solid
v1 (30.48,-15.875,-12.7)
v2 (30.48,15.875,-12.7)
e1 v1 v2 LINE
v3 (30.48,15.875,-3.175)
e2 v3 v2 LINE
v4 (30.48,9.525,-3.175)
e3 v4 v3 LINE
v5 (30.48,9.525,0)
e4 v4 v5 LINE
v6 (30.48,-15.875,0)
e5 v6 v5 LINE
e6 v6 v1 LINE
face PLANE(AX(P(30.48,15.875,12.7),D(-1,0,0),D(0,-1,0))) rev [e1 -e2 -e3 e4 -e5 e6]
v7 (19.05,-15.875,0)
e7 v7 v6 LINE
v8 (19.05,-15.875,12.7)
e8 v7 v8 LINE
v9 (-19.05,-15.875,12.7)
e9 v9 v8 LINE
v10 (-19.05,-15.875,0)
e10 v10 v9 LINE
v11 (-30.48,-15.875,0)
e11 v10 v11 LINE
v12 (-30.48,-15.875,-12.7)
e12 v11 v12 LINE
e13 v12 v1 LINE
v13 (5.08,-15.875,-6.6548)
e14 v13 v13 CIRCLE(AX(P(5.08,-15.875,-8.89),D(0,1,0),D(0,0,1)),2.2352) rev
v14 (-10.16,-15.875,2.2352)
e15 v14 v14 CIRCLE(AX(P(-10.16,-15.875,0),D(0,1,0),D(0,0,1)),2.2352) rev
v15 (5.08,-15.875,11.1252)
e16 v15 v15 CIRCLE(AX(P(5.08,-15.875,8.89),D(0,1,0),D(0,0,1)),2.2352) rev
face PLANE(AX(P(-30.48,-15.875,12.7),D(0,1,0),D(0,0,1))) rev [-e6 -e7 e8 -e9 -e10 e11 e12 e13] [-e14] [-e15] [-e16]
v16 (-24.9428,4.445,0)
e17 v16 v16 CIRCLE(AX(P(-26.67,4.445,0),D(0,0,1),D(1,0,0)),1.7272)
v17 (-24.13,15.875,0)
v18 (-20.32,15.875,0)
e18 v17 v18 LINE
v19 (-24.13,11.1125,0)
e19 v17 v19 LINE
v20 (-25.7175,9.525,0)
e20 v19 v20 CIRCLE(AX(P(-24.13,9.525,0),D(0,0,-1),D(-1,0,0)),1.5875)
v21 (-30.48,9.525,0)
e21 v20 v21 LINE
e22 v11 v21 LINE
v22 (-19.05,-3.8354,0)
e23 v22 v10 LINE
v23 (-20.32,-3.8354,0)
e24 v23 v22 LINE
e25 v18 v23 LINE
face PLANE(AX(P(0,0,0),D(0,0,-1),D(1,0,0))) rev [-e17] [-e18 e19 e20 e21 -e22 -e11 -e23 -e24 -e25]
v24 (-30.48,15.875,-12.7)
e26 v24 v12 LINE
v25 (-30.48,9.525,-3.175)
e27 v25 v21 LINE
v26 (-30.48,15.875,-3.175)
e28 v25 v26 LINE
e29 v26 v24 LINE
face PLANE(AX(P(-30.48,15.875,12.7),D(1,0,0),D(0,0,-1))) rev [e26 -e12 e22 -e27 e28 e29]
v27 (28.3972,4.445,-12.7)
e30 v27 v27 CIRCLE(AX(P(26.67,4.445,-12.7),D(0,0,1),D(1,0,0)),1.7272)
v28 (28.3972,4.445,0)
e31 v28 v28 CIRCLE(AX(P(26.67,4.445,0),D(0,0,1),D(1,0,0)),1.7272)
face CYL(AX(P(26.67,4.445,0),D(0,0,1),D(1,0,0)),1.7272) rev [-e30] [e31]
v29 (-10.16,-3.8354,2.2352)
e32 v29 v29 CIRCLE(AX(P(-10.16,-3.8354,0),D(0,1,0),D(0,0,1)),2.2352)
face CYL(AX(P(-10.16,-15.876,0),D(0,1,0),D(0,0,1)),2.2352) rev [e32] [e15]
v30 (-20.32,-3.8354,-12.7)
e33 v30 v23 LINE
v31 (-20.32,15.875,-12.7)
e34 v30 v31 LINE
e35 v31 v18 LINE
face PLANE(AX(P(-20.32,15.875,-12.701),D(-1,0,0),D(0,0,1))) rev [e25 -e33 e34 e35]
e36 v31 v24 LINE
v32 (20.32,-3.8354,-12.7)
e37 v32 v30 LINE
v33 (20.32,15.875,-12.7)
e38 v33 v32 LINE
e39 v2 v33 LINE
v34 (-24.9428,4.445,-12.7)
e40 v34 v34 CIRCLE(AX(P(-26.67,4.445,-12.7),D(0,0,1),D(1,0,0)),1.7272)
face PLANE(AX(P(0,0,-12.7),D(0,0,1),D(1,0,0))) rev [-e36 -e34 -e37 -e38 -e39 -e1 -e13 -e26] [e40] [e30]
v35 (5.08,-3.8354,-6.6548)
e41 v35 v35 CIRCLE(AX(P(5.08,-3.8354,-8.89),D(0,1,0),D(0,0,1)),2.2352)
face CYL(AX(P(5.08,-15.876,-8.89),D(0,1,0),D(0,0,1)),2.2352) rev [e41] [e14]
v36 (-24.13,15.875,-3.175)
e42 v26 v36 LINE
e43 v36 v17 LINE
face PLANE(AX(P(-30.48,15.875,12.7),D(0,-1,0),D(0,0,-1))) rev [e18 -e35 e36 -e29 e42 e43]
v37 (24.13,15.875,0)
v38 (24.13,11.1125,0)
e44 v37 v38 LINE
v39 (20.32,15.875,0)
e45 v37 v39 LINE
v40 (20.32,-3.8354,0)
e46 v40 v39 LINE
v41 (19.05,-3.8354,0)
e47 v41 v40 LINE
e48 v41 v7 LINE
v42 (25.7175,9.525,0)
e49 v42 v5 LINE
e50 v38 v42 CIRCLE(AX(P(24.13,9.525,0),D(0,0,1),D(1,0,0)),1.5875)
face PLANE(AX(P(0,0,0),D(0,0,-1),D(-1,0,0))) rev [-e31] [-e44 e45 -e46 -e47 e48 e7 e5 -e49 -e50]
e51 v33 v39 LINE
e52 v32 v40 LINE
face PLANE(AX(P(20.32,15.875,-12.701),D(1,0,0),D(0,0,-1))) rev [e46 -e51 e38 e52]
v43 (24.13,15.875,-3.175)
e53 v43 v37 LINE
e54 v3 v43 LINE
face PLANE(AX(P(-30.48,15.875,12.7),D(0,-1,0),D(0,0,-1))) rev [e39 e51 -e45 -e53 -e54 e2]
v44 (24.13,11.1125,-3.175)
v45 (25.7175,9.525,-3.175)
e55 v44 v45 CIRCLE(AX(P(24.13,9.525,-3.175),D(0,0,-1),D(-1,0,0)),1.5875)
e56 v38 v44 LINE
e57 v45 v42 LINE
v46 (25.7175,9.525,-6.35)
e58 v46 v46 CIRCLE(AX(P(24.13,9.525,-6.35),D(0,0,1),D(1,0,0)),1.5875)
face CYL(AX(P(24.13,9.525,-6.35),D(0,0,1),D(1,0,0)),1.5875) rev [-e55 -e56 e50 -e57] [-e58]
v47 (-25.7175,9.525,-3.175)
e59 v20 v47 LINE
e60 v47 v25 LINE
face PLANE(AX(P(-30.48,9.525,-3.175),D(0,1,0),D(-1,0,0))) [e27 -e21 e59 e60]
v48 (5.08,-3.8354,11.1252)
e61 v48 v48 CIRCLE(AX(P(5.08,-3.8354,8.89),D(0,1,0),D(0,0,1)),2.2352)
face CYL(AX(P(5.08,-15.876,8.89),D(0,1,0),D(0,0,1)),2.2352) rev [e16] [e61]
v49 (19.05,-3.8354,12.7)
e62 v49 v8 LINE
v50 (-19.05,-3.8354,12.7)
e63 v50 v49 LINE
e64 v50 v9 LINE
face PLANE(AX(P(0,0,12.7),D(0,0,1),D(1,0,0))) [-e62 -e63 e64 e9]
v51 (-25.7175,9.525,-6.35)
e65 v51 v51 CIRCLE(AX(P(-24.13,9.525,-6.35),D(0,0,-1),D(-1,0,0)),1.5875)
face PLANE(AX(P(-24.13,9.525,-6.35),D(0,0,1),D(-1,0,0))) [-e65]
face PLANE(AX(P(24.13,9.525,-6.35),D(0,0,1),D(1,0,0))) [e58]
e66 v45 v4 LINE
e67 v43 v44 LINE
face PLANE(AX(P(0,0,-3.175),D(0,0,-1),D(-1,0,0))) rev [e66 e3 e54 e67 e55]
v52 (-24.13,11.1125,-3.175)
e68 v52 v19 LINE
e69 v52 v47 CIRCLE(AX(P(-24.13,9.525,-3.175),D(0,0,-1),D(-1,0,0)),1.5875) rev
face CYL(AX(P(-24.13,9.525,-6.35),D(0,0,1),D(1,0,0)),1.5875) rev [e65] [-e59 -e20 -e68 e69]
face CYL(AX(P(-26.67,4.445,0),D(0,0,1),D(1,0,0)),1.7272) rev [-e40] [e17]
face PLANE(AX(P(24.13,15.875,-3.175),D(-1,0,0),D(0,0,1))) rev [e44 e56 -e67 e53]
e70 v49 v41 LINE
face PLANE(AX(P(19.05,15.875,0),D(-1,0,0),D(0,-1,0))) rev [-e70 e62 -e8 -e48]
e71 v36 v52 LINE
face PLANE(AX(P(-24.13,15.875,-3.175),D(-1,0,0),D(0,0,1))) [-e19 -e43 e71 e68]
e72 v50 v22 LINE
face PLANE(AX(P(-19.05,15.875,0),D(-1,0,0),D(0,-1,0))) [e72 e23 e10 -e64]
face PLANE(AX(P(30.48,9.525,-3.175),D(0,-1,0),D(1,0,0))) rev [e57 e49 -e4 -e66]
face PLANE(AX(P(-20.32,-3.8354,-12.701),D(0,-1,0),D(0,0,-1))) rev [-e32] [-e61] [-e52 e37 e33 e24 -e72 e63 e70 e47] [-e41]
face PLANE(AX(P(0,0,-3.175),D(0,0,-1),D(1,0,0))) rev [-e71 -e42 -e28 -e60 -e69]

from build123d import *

# Parameters (mm, degrees)
SKETCH1_W                 = 60.96
SKETCH1_H                 = 31.75
BOSS_EXTRUDE1_DEPTH       = 12.7
CUT_EXTRUDE2_REACH        = 27.4
SKETCH4_W                 = 40.64
SKETCH4_H                 = 19.7104
SKETCH5_W                 = 11.43
SKETCH5_H                 = 31.75
CUT_EXTRUDE3_DEPTH        = 12.7
SKETCH6_W                 = 6.35
SKETCH6_H                 = 6.35
CUT_EXTRUDE4_DEPTH        = 3.175
SKETCH7_R                 = 1.5875
CUT_EXTRUDE5_DEPTH        = 6.35
F_8_32_TAPPED_HOLE1_D     = 3.4544
F_8_32_TAPPED_HOLE1_DEPTH = 12.701
CUT_EXTRUDE6_REACH        = 14.04
SKETCH10_R                = 2.2352


with BuildPart() as part:
    # Sketch1 → Boss-Extrude1 (new body, symmetric)
    with BuildSketch(Plane.XY):
        Rectangle(SKETCH1_W, SKETCH1_H)
    extrude(amount=BOSS_EXTRUDE1_DEPTH, both=True)

    # Sketch4 → Cut-Extrude2 (cut, up to next)
    with BuildSketch(Plane.XY.offset(12.7), mode=Mode.PRIVATE) as cut_extrude2_sk1:
        with Locations((0, 6.0198)):
            Rectangle(SKETCH4_W, SKETCH4_H)
    cut_extrude2_tool1 = extrude(cut_extrude2_sk1.sketch, amount=-CUT_EXTRUDE2_REACH, mode=Mode.PRIVATE) & part.part
    add(cut_extrude2_tool1.solids().sort_by_distance((0, 6.0198, 12.7))[0], mode=Mode.SUBTRACT)

    # Sketch5 → Cut-Extrude3 (cut)
    with BuildSketch(Plane.XY.offset(12.7)):
        with Locations((24.765, 0)):
            Rectangle(SKETCH5_W, SKETCH5_H)
    cut_extrude3 = extrude(amount=-CUT_EXTRUDE3_DEPTH, mode=Mode.SUBTRACT)

    # Mirror2: Cut-Extrude3 across plane
    add(cut_extrude3.mirror(Plane(origin=(0, 0, 0), x_dir=(0, 0, 1), z_dir=(1, 0, 0))), mode=Mode.SUBTRACT)

    # Sketch6 → Cut-Extrude4 (cut)
    with BuildSketch(Plane.XY):
        with Locations((27.305, 12.7)):
            Rectangle(SKETCH6_W, SKETCH6_H)
    cut_extrude4 = extrude(amount=-CUT_EXTRUDE4_DEPTH, mode=Mode.SUBTRACT)

    # Sketch7 → Cut-Extrude5 (cut)
    with BuildSketch(Plane.XY):
        with Locations((24.13, 9.525)):
            Circle(SKETCH7_R)
    cut_extrude5 = extrude(amount=-CUT_EXTRUDE5_DEPTH, mode=Mode.SUBTRACT)

    # #8-32 Tapped Hole1
    with Locations(Plane.XY):
        with Locations((26.67, 4.445)):
            f_8_32_tapped_hole1 = Hole(F_8_32_TAPPED_HOLE1_D / 2, depth=F_8_32_TAPPED_HOLE1_DEPTH)

    # Sketch10 → Cut-Extrude6 (cut, up to next)
    with BuildSketch(Plane(origin=(0, -3.8354, 0), x_dir=(1, 0, 0), z_dir=(0, 1, 0)), mode=Mode.PRIVATE) as cut_extrude6_sk1:
        with Locations((5.08, 8.89)):
            Circle(SKETCH10_R)
    cut_extrude6_tool1 = extrude(cut_extrude6_sk1.sketch, amount=-CUT_EXTRUDE6_REACH, mode=Mode.PRIVATE) & part.part
    add(cut_extrude6_tool1.solids().sort_by_distance((5.08, -3.8354, -8.89))[0], mode=Mode.SUBTRACT)
    # Sketch10 → Cut-Extrude6 (cut, up to next)
    with BuildSketch(Plane(origin=(0, -3.8354, 0), x_dir=(1, 0, 0), z_dir=(0, 1, 0)), mode=Mode.PRIVATE) as cut_extrude6_sk2:
        with Locations((5.08, -8.89)):
            Circle(SKETCH10_R)
    cut_extrude6_tool2 = extrude(cut_extrude6_sk2.sketch, amount=-CUT_EXTRUDE6_REACH, mode=Mode.PRIVATE) & part.part
    add(cut_extrude6_tool2.solids().sort_by_distance((5.08, -3.8354, 8.89))[0], mode=Mode.SUBTRACT)
    # Sketch10 → Cut-Extrude6 (cut, up to next)
    with BuildSketch(Plane(origin=(0, -3.8354, 0), x_dir=(1, 0, 0), z_dir=(0, 1, 0)), mode=Mode.PRIVATE) as cut_extrude6_sk3:
        with Locations((-10.16, 0)):
            Circle(SKETCH10_R)
    cut_extrude6_tool3 = extrude(cut_extrude6_sk3.sketch, amount=-CUT_EXTRUDE6_REACH, mode=Mode.PRIVATE) & part.part
    add(cut_extrude6_tool3.solids().sort_by_distance((-10.16, -3.8354, 0))[0], mode=Mode.SUBTRACT)

    # Mirror3: Cut-Extrude4, Cut-Extrude5, #8-32 Tapped Hole1 across plane
    add(cut_extrude4.mirror(Plane(origin=(0, 0, 0), x_dir=(0, 0, 1), z_dir=(1, 0, 0))), mode=Mode.SUBTRACT)
    add(cut_extrude5.mirror(Plane(origin=(0, 0, 0), x_dir=(0, 0, 1), z_dir=(1, 0, 0))), mode=Mode.SUBTRACT)
    add(f_8_32_tapped_hole1.mirror(Plane(origin=(0, 0, 0), x_dir=(0, 0, 1), z_dir=(1, 0, 0))), mode=Mode.SUBTRACT)


solid = part.part
